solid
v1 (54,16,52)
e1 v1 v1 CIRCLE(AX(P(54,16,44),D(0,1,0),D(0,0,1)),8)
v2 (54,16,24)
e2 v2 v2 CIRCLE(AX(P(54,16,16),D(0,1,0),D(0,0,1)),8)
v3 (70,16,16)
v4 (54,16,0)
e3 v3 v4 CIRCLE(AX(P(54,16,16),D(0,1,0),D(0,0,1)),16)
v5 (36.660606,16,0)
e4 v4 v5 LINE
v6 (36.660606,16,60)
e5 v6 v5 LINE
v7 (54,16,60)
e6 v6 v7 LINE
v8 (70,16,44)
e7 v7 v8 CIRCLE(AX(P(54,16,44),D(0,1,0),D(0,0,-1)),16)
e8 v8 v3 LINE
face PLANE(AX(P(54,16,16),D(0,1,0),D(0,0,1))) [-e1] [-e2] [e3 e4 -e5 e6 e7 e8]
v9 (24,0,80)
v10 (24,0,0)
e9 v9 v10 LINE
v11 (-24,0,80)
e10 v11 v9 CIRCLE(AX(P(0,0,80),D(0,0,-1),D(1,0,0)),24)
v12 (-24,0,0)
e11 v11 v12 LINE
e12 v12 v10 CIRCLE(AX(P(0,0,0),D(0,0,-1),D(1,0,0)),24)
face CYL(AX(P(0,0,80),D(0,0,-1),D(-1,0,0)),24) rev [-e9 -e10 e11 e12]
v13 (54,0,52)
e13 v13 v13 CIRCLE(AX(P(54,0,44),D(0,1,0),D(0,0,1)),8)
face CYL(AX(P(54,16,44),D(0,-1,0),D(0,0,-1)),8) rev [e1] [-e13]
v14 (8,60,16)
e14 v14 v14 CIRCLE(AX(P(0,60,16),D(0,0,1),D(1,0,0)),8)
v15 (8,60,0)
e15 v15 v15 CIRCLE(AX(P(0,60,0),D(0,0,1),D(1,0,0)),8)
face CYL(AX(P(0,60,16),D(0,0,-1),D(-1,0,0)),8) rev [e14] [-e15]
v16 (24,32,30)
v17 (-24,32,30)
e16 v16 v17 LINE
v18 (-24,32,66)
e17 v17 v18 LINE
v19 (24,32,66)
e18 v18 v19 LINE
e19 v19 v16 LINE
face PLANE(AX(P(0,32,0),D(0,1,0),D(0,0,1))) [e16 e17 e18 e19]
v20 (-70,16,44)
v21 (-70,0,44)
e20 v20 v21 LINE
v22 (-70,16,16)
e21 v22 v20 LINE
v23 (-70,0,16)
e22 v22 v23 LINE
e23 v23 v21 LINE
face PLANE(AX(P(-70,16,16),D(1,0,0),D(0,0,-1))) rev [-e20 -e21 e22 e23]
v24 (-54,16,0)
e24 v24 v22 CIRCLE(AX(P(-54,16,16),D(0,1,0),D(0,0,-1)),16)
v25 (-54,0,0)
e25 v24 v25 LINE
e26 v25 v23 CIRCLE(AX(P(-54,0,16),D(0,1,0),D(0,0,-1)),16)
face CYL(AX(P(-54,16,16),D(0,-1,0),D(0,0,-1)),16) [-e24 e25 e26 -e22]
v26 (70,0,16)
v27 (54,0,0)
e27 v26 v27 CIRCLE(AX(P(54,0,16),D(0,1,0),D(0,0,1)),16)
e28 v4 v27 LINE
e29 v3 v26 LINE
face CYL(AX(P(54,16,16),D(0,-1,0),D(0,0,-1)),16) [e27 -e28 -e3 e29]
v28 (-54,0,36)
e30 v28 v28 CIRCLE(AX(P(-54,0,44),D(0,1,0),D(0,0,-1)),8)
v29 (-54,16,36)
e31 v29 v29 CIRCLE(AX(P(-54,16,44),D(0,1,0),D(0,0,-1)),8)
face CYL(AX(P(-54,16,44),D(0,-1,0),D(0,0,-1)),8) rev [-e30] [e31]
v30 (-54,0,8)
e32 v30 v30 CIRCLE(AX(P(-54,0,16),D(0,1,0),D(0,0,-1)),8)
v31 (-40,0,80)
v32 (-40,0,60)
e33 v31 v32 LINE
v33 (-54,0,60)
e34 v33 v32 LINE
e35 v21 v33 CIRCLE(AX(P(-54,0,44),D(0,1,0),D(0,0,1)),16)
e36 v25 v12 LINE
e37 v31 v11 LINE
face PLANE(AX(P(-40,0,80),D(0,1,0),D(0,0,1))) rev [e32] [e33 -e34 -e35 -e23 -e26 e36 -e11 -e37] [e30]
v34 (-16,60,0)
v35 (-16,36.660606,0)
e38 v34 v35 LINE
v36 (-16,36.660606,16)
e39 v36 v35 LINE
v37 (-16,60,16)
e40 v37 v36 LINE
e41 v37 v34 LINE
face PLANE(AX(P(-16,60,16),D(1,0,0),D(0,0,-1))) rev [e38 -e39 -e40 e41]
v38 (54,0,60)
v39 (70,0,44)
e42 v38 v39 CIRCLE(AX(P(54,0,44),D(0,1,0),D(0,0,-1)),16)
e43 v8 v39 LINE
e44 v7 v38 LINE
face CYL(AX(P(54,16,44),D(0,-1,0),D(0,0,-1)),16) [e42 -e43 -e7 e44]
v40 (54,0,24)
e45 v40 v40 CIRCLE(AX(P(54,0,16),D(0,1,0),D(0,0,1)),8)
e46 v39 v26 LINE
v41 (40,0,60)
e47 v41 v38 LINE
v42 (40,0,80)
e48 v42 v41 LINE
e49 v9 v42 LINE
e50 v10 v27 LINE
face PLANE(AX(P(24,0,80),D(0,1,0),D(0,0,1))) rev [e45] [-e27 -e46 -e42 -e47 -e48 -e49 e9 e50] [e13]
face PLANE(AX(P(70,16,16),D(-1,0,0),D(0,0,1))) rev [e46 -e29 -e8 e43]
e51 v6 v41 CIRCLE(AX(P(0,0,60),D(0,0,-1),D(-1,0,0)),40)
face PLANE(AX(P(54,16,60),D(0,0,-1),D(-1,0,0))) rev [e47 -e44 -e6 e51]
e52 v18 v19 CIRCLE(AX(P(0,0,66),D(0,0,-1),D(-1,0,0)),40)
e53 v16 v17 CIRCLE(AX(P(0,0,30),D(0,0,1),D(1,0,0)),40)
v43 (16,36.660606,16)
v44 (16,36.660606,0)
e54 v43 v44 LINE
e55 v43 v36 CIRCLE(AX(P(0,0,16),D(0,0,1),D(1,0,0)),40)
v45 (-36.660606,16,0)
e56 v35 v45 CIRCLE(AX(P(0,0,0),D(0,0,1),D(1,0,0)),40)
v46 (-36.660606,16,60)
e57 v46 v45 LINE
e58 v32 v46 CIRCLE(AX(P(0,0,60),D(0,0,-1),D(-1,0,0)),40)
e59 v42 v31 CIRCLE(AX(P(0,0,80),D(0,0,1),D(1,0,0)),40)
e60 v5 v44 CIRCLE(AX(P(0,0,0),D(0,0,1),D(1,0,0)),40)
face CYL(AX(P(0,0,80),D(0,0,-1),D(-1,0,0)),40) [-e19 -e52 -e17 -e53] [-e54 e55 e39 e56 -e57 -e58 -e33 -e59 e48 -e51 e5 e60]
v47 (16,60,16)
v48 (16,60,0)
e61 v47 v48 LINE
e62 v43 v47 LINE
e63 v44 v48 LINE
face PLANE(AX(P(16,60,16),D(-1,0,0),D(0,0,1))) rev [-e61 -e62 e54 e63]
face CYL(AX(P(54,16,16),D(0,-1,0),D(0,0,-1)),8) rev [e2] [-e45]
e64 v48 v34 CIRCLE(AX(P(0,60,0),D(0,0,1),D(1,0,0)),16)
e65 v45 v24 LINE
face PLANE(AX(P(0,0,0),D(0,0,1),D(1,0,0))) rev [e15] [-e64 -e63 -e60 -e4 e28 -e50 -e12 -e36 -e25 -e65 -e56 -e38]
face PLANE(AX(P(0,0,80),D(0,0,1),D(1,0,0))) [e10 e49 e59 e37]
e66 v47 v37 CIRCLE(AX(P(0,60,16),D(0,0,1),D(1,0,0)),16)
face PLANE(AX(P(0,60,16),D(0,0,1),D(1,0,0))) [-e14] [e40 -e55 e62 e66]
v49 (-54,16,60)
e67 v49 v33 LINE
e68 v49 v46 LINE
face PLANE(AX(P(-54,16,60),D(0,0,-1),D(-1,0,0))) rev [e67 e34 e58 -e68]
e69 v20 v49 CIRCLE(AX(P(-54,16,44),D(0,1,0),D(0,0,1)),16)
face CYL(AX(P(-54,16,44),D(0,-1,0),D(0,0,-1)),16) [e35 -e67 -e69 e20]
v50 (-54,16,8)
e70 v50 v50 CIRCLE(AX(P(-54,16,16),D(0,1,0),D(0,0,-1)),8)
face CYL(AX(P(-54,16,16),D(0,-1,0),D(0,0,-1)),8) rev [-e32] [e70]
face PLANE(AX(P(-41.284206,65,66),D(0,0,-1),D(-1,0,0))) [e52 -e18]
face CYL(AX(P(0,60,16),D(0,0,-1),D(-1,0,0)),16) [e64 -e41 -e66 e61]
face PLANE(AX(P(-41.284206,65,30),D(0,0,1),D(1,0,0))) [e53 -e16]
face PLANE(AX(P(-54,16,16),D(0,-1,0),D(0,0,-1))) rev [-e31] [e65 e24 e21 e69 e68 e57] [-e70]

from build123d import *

# Parameters (mm, degrees)
EXTRUDE_1_DEPTH     = 80
SKETCH_3_R          = 8
EXTRUDE_2_DEPTH     = 16
SKETCH_4_W          = 84.547176069
SKETCH_4_H          = 36
CUT_EXTRUDE_1_DEPTH = 33
SKETCH_5_R          = 8
EXTRUDE_3_DEPTH     = 16


with BuildPart() as part:
    # 草图2 → 凸台-拉伸1 (new body)
    with BuildSketch(Plane.XY):
        with BuildLine():
            Line((-40, 0), (-24, 0))
            ThreePointArc((-24, 0), (0, 24), (24, 0))
            Line((24, 0), (40, 0))
            ThreePointArc((40, 0), (0, 40), (-40, 0))
        make_face()
    extrude(amount=EXTRUDE_1_DEPTH)

    # 草图3 → 凸台-拉伸2 (add)
    with BuildSketch(Plane(origin=(0, 0, 0), x_dir=(1, 0, 0), z_dir=(0, 1, 0))):
        with BuildLine():
            Line((32.951730358, 0), (54, 0))
            ThreePointArc((54, 0), (65.313708499, -4.686291501), (70, -16))
            Line((70, -16), (70, -44))
            ThreePointArc((70, -44), (65.313708499, -55.313708499), (54, -60))
            Line((54, -60), (32.951730358, -60))
            Line((32.951730358, -60), (32.951730358, 0))
        make_face()
        with Locations((54, -16)):
            Circle(SKETCH_3_R, mode=Mode.SUBTRACT)
        with Locations((54, -44)):
            Circle(SKETCH_3_R, mode=Mode.SUBTRACT)
        with BuildLine():
            Line((-32.951730358, -60), (-32.951730358, 0))
            Line((-32.951730358, 0), (-54, 0))
            ThreePointArc((-54, 0), (-65.313708499, -4.686291501), (-70, -16))
            Line((-70, -16), (-70, -44))
            ThreePointArc((-70, -44), (-65.313708499, -55.313708499), (-54, -60))
            Line((-54, -60), (-32.951730358, -60))
        make_face()
        with Locations((-54, -44)):
            Circle(SKETCH_3_R, mode=Mode.SUBTRACT)
        with Locations((-54, -16)):
            Circle(SKETCH_3_R, mode=Mode.SUBTRACT)
    extrude(amount=EXTRUDE_2_DEPTH)

    # 草图4 → 切除-拉伸1 (cut)
    with BuildSketch(Plane(origin=(0, 32, 0), x_dir=(1, 0, 0), z_dir=(0, 1, 0))):
        with Locations((0.989381847, -48)):
            Rectangle(SKETCH_4_W, SKETCH_4_H)
    extrude(amount=CUT_EXTRUDE_1_DEPTH, mode=Mode.SUBTRACT)

    # 草图5 → 凸台-拉伸3 (add)
    with BuildSketch(Plane.XY):
        with BuildLine():
            Line((-16, 60), (-16, 36.66060556))
            Line((-16, 36.66060556), (16, 36.66060556))
            Line((16, 36.66060556), (16, 60))
            ThreePointArc((16, 60), (0, 76), (-16, 60))
        make_face()
        with Locations((0, 60)):
            Circle(SKETCH_5_R, mode=Mode.SUBTRACT)
    extrude(amount=EXTRUDE_3_DEPTH)


solid = part.part
